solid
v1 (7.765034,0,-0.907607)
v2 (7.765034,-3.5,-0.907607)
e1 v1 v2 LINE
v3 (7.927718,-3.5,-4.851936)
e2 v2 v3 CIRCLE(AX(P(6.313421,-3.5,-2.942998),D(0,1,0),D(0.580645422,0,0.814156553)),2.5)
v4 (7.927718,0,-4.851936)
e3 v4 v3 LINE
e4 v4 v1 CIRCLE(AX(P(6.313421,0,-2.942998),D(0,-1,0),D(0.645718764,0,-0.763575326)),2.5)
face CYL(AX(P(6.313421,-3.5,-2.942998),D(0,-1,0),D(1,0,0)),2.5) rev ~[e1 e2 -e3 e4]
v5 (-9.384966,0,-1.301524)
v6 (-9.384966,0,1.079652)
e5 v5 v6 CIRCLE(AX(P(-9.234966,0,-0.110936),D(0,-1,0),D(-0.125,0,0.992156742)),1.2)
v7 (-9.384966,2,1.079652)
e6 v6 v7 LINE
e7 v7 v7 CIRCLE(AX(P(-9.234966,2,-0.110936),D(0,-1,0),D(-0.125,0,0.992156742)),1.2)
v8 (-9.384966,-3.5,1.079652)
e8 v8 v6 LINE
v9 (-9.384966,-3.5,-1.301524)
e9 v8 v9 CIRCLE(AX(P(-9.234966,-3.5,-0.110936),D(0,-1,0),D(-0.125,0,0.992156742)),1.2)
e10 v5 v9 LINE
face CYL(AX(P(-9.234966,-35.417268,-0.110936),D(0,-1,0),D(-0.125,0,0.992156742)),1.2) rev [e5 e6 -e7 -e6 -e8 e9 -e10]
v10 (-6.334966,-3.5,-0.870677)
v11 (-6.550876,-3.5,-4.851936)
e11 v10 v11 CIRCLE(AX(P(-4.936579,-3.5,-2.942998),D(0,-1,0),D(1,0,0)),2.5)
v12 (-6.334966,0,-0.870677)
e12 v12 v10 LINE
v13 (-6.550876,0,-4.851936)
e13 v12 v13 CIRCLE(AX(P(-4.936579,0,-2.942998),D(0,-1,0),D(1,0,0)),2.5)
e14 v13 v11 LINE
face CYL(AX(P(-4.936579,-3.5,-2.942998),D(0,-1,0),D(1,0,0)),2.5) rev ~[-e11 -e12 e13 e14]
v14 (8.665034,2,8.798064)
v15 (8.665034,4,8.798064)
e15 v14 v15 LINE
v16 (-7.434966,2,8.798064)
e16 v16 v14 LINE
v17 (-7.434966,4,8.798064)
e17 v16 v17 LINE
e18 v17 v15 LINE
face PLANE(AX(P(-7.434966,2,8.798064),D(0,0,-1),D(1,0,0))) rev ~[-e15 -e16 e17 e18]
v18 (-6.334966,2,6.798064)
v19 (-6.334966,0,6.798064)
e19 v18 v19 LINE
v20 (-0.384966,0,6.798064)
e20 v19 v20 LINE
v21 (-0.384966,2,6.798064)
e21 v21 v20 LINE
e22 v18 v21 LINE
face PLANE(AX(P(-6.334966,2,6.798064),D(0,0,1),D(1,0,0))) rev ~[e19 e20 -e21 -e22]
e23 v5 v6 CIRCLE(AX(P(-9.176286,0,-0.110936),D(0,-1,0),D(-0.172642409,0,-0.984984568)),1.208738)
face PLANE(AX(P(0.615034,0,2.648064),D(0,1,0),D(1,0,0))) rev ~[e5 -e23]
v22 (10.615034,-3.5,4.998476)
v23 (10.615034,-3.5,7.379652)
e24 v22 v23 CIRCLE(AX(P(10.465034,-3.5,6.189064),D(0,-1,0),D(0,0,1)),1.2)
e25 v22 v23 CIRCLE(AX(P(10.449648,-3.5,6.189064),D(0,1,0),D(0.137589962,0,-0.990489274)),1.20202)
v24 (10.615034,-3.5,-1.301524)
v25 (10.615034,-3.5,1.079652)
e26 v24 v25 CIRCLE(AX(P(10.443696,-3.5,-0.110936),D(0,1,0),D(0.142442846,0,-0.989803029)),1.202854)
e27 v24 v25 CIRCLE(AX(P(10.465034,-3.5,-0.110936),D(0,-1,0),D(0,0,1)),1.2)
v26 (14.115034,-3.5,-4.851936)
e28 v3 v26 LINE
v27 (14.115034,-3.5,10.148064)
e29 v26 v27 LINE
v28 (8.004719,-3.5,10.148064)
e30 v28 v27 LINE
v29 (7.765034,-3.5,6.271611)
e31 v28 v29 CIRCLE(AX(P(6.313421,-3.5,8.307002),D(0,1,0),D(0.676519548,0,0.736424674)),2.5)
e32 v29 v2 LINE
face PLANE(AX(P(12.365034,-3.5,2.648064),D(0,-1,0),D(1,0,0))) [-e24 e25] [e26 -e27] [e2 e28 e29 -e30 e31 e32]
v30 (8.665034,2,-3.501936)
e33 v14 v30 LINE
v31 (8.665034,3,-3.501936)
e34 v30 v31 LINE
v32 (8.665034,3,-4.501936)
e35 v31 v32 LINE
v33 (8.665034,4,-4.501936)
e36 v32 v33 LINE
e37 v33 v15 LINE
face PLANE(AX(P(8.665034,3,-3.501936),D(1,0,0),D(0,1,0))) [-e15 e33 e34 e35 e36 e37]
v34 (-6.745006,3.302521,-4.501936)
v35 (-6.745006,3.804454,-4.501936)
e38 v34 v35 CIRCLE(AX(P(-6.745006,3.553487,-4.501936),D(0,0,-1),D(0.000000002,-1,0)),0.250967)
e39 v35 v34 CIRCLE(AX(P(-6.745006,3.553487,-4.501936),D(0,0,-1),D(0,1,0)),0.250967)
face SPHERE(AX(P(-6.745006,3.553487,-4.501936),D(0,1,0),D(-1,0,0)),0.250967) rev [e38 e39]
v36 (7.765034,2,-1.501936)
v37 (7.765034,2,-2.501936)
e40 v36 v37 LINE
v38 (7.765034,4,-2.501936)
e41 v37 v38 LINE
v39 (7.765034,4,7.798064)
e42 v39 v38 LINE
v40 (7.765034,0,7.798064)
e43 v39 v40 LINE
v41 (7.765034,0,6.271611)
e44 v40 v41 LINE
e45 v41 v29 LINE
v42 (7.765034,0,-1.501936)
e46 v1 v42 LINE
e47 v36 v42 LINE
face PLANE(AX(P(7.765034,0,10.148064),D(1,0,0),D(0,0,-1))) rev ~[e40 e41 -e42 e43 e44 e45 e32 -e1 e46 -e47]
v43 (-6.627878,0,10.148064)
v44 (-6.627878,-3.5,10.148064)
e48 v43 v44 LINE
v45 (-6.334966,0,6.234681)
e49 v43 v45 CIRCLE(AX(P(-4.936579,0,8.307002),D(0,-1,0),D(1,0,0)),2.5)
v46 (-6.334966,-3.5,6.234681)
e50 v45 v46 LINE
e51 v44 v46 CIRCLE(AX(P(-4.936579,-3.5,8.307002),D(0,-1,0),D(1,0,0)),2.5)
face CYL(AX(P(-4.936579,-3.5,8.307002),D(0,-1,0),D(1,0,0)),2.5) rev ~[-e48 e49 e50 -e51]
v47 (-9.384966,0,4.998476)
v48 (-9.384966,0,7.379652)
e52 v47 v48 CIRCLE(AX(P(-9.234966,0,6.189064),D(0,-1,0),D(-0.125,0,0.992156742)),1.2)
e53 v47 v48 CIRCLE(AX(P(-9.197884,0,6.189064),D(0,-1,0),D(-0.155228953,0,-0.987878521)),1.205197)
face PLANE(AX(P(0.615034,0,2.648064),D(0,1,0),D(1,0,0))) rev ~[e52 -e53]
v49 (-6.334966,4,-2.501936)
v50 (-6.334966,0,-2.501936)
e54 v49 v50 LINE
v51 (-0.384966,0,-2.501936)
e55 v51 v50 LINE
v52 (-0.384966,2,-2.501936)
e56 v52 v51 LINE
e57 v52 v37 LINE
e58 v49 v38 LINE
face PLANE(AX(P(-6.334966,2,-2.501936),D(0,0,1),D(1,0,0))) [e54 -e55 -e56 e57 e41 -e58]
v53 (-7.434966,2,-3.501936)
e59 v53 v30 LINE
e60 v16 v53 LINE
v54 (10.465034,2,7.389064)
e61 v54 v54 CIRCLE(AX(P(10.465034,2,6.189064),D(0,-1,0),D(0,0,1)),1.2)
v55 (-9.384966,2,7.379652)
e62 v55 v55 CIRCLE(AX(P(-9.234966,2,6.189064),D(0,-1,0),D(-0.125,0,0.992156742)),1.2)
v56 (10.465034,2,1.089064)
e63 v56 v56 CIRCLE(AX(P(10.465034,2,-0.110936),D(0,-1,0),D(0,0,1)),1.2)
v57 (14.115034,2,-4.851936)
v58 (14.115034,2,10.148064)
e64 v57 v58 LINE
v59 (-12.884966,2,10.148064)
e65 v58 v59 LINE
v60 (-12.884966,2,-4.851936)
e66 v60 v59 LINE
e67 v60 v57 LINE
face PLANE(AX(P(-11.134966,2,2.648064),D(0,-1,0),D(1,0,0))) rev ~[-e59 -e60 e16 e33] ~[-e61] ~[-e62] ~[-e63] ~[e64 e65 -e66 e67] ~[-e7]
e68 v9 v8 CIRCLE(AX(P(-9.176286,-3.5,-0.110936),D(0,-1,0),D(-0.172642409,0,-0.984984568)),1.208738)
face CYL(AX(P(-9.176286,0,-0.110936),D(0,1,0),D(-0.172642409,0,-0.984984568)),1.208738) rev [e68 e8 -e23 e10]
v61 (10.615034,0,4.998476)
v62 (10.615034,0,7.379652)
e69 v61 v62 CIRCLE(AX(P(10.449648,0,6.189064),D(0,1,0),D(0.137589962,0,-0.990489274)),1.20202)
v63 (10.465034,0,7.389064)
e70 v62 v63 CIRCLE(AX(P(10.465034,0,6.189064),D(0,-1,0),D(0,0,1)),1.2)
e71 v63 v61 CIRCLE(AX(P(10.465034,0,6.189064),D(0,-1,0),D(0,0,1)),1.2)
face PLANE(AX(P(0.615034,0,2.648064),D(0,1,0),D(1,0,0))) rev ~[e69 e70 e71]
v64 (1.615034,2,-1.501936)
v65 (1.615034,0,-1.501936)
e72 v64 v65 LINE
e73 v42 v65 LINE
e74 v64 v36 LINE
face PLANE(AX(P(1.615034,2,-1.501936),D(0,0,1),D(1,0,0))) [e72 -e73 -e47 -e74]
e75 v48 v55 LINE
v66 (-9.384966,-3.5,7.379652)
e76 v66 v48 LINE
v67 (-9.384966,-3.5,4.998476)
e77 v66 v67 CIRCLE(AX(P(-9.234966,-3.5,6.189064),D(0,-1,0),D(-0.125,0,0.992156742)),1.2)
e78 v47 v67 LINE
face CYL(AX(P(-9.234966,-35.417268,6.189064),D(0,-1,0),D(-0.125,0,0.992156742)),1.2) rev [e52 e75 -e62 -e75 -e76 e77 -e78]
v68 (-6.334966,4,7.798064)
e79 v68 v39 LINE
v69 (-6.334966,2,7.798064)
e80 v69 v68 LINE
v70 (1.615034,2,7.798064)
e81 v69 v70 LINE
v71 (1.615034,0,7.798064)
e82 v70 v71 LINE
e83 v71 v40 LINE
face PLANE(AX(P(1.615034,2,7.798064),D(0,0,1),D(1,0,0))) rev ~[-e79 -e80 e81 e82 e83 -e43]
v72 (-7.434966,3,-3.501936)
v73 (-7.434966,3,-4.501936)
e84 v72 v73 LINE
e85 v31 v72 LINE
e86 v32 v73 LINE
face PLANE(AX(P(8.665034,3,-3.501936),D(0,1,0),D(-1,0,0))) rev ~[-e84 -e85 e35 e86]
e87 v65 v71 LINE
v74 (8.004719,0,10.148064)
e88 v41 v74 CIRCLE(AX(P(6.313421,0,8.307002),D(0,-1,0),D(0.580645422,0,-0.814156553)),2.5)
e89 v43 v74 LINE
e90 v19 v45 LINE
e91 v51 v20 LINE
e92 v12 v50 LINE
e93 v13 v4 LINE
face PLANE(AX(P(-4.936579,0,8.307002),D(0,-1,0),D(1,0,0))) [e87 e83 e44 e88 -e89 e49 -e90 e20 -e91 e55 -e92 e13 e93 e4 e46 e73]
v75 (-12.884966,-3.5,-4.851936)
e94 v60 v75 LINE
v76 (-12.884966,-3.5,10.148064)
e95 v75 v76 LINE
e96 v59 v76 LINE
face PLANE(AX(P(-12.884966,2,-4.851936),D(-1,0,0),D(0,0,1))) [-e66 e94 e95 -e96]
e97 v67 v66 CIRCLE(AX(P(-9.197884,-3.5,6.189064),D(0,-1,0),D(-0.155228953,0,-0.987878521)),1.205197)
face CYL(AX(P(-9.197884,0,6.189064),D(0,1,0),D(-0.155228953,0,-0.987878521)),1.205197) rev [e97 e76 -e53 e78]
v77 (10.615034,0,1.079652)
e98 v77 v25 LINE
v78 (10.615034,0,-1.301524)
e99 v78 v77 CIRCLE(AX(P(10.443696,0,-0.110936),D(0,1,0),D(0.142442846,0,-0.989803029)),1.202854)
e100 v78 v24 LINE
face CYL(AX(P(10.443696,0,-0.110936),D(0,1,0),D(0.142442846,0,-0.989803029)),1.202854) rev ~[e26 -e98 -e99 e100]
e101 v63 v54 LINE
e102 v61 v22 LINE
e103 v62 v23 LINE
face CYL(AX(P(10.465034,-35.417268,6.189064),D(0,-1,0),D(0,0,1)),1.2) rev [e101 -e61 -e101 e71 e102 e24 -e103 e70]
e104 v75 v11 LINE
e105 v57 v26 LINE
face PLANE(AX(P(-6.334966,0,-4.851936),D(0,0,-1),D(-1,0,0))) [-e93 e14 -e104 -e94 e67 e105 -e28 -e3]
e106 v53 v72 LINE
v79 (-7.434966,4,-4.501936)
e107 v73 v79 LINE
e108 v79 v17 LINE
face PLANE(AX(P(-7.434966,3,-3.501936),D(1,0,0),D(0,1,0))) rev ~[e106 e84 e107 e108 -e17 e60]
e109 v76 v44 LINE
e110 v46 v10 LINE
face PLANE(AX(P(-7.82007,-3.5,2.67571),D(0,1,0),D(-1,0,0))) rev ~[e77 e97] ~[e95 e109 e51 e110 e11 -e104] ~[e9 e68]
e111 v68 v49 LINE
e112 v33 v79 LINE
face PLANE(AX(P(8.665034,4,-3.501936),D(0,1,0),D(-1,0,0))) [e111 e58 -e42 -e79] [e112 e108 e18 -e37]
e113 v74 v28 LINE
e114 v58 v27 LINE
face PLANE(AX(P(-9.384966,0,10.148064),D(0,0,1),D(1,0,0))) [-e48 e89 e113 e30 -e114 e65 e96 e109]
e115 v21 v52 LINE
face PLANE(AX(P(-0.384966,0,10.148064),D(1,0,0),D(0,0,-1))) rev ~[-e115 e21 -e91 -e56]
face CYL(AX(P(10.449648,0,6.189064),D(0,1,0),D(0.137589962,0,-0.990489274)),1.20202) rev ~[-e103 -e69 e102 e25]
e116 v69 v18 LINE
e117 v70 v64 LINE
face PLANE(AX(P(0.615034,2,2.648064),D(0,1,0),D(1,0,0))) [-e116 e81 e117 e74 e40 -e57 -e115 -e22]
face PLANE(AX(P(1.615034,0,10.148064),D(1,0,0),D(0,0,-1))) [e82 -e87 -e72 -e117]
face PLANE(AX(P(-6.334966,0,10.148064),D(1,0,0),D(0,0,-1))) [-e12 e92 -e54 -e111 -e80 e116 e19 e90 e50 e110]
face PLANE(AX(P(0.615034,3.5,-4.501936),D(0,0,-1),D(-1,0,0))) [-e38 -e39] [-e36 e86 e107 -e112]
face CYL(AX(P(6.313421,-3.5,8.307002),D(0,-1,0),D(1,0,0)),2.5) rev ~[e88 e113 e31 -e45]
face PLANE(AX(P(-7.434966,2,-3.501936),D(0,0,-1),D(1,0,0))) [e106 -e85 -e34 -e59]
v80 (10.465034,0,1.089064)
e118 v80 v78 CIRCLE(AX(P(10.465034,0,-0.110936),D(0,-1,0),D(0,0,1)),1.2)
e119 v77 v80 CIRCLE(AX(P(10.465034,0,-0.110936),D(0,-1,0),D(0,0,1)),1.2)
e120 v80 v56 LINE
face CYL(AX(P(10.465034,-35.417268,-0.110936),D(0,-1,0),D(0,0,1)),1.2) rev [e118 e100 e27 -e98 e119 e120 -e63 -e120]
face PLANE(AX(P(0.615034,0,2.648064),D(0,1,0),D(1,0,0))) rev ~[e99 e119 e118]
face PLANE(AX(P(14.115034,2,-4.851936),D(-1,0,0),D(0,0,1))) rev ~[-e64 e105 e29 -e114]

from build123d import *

# Parameters (mm, degrees)
SKETCH2_W               = 20
SKETCH2_H               = 15
BOSS_EXTRUDE1_DEPTH     = 2
SKETCH3_W               = 16.1
SKETCH3_H               = 12.3
SKETCH3_W_2             = 14.1
SKETCH3_H_2             = 10.3
BOSS_EXTRUDE2_DEPTH     = 2
SKETCH4_W               = 5.95
SKETCH4_H               = 9.3
SKETCH4_W_2             = 6.15
CUT_EXTRUDE1_DEPTH      = 2
SKETCH7_W               = 16.1
SKETCH7_H               = 1
BOSS_EXTRUDE3_DEPTH     = 1
SKETCH8_W               = 2
SKETCH8_H               = 15
BOSS_EXTRUDE4_DEPTH     = 30
CUT_EXTRUDE2_DEPTH      = 20
BOSS_EXTRUDE5_START     = -2
SKETCH11_W              = 3.5
SKETCH11_H              = 15
BOSS_EXTRUDE5_DEPTH     = 5.5
CUT_EXTRUDE3_DEPTH      = 37.417267719
CUT_EXTRUDE3_DEPTH_BACK = 37.417267719
SKETCH10_R              = 1.2
BOSS_EXTRUDE6_DEPTH     = 3.5
CUT_EXTRUDE4_START      = -30
SKETCH14_W              = 2
SKETCH14_H              = 15
CUT_EXTRUDE4_DEPTH      = 30
SKETCH15_R              = 2.5
CUT_EXTRUDE5_DEPTH      = 3.5


with BuildPart() as part:
    # Sketch2 → Boss-Extrude1 (new body)
    with BuildSketch(Plane(origin=(0, 0, 0), x_dir=(1, 0, 0), z_dir=(0, 1, 0))):
        with Locations((0.615034169, -2.648063781)):
            Rectangle(SKETCH2_W, SKETCH2_H)
    extrude(amount=BOSS_EXTRUDE1_DEPTH)

    # Sketch3 → Boss-Extrude2 (add)
    with BuildSketch(Plane(origin=(0, 2, 0), x_dir=(1, 0, 0), z_dir=(0, 1, 0))):
        with Locations((0.615034169, -2.648063781)):
            Rectangle(SKETCH3_W, SKETCH3_H)
        with Locations((0.715034169, -2.648063781)):
            Rectangle(SKETCH3_W_2, SKETCH3_H_2, mode=Mode.SUBTRACT)
    extrude(amount=BOSS_EXTRUDE2_DEPTH)

    # Sketch4 → Cut-Extrude1 (cut)
    with BuildSketch(Plane(origin=(0, 2, 0), x_dir=(1, 0, 0), z_dir=(0, 1, 0))):
        with Locations((-3.359965831, -2.148063781)):
            Rectangle(SKETCH4_W, SKETCH4_H)
        with Locations((4.690034169, -3.148063781)):
            Rectangle(SKETCH4_W_2, SKETCH4_H)
    extrude(amount=-CUT_EXTRUDE1_DEPTH, mode=Mode.SUBTRACT)

    # Sketch7 → Boss-Extrude3 (add)
    with BuildSketch(Plane(origin=(0, 0, -3.501936219), x_dir=(-1, 0, 0), z_dir=(0, 0, -1))):
        with Locations((-0.615034169, 3.5)):
            Rectangle(SKETCH7_W, SKETCH7_H)
    extrude(amount=BOSS_EXTRUDE3_DEPTH)

    # Sketch8 → Boss-Extrude4 (add)
    with BuildSketch(Plane(origin=(0, 0, 0), x_dir=(-1, 0, 0), z_dir=(0, -1, 0))):
        with Locations((-0.615034169, -2.648063781)):
            Rectangle(SKETCH8_W, SKETCH8_H)
    extrude(amount=BOSS_EXTRUDE4_DEPTH)

    # Sketch9 → Cut-Extrude2 (cut)
    with BuildSketch(Plane(origin=(1.615034169, 0, 0), x_dir=(0, 0, -1), z_dir=(1, 0, 0))):
        with BuildLine():
            Line((-4.448063781, -27), (-4.448063781, -3))
            ThreePointArc((-4.448063781, -3), (-2.648063781, -1.2), (-0.848063781, -3))
            Line((-0.848063781, -3), (-0.848063781, -27))
            ThreePointArc((-0.848063781, -27), (-2.648063781, -28.8), (-4.448063781, -27))
        make_face()
    extrude(amount=-CUT_EXTRUDE2_DEPTH, mode=Mode.SUBTRACT)

    # Sketch11 → Boss-Extrude5 (add)
    with BuildSketch(Plane.XZ.offset(BOSS_EXTRUDE5_START)):
        with Locations((-11.134965831, 2.648063781)):
            Rectangle(SKETCH11_W, SKETCH11_H)
        with Locations((12.365034169, 2.648063781)):
            Rectangle(SKETCH11_W, SKETCH11_H)
    extrude(amount=BOSS_EXTRUDE5_DEPTH)

    # Sketch10 → Cut-Extrude3 (cut, two sides: drawn at the far end of the back side and taken through both)
    with BuildSketch(Plane(origin=(0, 2, 0), x_dir=(1, 0, 0), z_dir=(0, 1, 0)).offset(-CUT_EXTRUDE3_DEPTH_BACK)):
        with Locations(Location((10.465034169, -6.189063781, 0), (0, 0, 270))):
            Circle(SKETCH10_R)
        with Locations(Location((10.465034169, 0.110936219, 0), (0, 0, 270))):
            Circle(SKETCH10_R)
        with Locations(Location((-9.234965831, 0.110936219, 0), (0, 0, 262.819244219))):
            Circle(SKETCH10_R)
        with Locations(Location((-9.234965831, -6.189063781, 0), (0, 0, 262.819244219))):
            Circle(SKETCH10_R)
    extrude(amount=CUT_EXTRUDE3_DEPTH + CUT_EXTRUDE3_DEPTH_BACK, mode=Mode.SUBTRACT)

    # Sketch12 → Boss-Extrude6 (add)
    with BuildSketch(Plane.XZ):
        with BuildLine():
            Line((-9.384965831, 10.148063781), (-6.334965831, 10.148063781))
            Line((-6.334965831, 10.148063781), (-6.334965831, -4.851936219))
            Line((-6.334965831, -4.851936219), (-9.384965831, -4.851936219))
            Line((-9.384965831, -4.851936219), (-9.384965831, -1.301524309))
            ThreePointArc((-9.384965831, -1.301524309), (-7.967548613, -0.110936219), (-9.384965831, 1.079651871))
            Line((-9.384965831, 1.079651871), (-9.384965831, 4.998475691))
            ThreePointArc((-9.384965831, 4.998475691), (-7.992687526, 6.189063781), (-9.384965831, 7.379651871))
            Line((-9.384965831, 7.379651871), (-9.384965831, 10.148063781))
        make_face()
        with BuildLine():
            Line((10.615034169, 10.148063781), (7.765034169, 10.148063781))
            Line((7.765034169, 10.148063781), (7.765034169, -4.851936219))
            Line((7.765034169, -4.851936219), (10.615034169, -4.851936219))
            Line((10.615034169, -4.851936219), (10.615034169, -1.301524309))
            ThreePointArc((10.615034169, -1.301524309), (9.240842733, -0.110936219), (10.615034169, 1.079651871))
            Line((10.615034169, 1.079651871), (10.615034169, 4.998475691))
            ThreePointArc((10.615034169, 4.998475691), (9.247628084, 6.189063781), (10.615034169, 7.379651871))
            Line((10.615034169, 7.379651871), (10.615034169, 10.148063781))
        make_face()
    extrude(amount=BOSS_EXTRUDE6_DEPTH)

    # Sketch13 → Cut-Revolve1 (revolve, cut)
    with BuildSketch(Plane(origin=(0, 0, -4.501936219), x_dir=(-1, 0, 0), z_dir=(0, 0, -1))):
        with BuildLine():
            Line((6.745006335, 3.804454393), (6.745006335, 3.302520584))
            ThreePointArc((6.745006335, 3.302520584), (6.99597324, 3.553487488), (6.745006335, 3.804454393))
        make_face()
    revolve(axis=Axis((-6.745006335, 3.302520584, -4.501936219), (0, -1, 0)), mode=Mode.SUBTRACT)

    # Sketch14 → Cut-Extrude4 (cut)
    with BuildSketch(Plane.XZ.offset(30).offset(CUT_EXTRUDE4_START)):
        with Locations((0.615034169, 2.648063781)):
            Rectangle(SKETCH14_W, SKETCH14_H)
    extrude(amount=CUT_EXTRUDE4_DEPTH, mode=Mode.SUBTRACT)

    # Sketch15 → Cut-Extrude5 (cut)
    with BuildSketch(Plane.XZ.offset(3.5)):
        with Locations((-4.936579387, 8.307002095)):
            Circle(SKETCH15_R)
        with Locations((6.313420613, 8.307002095)):
            Circle(SKETCH15_R)
        with Locations((6.313420613, -2.942997905)):
            Circle(SKETCH15_R)
        with Locations((-4.936579387, -2.942997905)):
            Circle(SKETCH15_R)
    extrude(amount=-CUT_EXTRUDE5_DEPTH, mode=Mode.SUBTRACT)


solid = part.part
